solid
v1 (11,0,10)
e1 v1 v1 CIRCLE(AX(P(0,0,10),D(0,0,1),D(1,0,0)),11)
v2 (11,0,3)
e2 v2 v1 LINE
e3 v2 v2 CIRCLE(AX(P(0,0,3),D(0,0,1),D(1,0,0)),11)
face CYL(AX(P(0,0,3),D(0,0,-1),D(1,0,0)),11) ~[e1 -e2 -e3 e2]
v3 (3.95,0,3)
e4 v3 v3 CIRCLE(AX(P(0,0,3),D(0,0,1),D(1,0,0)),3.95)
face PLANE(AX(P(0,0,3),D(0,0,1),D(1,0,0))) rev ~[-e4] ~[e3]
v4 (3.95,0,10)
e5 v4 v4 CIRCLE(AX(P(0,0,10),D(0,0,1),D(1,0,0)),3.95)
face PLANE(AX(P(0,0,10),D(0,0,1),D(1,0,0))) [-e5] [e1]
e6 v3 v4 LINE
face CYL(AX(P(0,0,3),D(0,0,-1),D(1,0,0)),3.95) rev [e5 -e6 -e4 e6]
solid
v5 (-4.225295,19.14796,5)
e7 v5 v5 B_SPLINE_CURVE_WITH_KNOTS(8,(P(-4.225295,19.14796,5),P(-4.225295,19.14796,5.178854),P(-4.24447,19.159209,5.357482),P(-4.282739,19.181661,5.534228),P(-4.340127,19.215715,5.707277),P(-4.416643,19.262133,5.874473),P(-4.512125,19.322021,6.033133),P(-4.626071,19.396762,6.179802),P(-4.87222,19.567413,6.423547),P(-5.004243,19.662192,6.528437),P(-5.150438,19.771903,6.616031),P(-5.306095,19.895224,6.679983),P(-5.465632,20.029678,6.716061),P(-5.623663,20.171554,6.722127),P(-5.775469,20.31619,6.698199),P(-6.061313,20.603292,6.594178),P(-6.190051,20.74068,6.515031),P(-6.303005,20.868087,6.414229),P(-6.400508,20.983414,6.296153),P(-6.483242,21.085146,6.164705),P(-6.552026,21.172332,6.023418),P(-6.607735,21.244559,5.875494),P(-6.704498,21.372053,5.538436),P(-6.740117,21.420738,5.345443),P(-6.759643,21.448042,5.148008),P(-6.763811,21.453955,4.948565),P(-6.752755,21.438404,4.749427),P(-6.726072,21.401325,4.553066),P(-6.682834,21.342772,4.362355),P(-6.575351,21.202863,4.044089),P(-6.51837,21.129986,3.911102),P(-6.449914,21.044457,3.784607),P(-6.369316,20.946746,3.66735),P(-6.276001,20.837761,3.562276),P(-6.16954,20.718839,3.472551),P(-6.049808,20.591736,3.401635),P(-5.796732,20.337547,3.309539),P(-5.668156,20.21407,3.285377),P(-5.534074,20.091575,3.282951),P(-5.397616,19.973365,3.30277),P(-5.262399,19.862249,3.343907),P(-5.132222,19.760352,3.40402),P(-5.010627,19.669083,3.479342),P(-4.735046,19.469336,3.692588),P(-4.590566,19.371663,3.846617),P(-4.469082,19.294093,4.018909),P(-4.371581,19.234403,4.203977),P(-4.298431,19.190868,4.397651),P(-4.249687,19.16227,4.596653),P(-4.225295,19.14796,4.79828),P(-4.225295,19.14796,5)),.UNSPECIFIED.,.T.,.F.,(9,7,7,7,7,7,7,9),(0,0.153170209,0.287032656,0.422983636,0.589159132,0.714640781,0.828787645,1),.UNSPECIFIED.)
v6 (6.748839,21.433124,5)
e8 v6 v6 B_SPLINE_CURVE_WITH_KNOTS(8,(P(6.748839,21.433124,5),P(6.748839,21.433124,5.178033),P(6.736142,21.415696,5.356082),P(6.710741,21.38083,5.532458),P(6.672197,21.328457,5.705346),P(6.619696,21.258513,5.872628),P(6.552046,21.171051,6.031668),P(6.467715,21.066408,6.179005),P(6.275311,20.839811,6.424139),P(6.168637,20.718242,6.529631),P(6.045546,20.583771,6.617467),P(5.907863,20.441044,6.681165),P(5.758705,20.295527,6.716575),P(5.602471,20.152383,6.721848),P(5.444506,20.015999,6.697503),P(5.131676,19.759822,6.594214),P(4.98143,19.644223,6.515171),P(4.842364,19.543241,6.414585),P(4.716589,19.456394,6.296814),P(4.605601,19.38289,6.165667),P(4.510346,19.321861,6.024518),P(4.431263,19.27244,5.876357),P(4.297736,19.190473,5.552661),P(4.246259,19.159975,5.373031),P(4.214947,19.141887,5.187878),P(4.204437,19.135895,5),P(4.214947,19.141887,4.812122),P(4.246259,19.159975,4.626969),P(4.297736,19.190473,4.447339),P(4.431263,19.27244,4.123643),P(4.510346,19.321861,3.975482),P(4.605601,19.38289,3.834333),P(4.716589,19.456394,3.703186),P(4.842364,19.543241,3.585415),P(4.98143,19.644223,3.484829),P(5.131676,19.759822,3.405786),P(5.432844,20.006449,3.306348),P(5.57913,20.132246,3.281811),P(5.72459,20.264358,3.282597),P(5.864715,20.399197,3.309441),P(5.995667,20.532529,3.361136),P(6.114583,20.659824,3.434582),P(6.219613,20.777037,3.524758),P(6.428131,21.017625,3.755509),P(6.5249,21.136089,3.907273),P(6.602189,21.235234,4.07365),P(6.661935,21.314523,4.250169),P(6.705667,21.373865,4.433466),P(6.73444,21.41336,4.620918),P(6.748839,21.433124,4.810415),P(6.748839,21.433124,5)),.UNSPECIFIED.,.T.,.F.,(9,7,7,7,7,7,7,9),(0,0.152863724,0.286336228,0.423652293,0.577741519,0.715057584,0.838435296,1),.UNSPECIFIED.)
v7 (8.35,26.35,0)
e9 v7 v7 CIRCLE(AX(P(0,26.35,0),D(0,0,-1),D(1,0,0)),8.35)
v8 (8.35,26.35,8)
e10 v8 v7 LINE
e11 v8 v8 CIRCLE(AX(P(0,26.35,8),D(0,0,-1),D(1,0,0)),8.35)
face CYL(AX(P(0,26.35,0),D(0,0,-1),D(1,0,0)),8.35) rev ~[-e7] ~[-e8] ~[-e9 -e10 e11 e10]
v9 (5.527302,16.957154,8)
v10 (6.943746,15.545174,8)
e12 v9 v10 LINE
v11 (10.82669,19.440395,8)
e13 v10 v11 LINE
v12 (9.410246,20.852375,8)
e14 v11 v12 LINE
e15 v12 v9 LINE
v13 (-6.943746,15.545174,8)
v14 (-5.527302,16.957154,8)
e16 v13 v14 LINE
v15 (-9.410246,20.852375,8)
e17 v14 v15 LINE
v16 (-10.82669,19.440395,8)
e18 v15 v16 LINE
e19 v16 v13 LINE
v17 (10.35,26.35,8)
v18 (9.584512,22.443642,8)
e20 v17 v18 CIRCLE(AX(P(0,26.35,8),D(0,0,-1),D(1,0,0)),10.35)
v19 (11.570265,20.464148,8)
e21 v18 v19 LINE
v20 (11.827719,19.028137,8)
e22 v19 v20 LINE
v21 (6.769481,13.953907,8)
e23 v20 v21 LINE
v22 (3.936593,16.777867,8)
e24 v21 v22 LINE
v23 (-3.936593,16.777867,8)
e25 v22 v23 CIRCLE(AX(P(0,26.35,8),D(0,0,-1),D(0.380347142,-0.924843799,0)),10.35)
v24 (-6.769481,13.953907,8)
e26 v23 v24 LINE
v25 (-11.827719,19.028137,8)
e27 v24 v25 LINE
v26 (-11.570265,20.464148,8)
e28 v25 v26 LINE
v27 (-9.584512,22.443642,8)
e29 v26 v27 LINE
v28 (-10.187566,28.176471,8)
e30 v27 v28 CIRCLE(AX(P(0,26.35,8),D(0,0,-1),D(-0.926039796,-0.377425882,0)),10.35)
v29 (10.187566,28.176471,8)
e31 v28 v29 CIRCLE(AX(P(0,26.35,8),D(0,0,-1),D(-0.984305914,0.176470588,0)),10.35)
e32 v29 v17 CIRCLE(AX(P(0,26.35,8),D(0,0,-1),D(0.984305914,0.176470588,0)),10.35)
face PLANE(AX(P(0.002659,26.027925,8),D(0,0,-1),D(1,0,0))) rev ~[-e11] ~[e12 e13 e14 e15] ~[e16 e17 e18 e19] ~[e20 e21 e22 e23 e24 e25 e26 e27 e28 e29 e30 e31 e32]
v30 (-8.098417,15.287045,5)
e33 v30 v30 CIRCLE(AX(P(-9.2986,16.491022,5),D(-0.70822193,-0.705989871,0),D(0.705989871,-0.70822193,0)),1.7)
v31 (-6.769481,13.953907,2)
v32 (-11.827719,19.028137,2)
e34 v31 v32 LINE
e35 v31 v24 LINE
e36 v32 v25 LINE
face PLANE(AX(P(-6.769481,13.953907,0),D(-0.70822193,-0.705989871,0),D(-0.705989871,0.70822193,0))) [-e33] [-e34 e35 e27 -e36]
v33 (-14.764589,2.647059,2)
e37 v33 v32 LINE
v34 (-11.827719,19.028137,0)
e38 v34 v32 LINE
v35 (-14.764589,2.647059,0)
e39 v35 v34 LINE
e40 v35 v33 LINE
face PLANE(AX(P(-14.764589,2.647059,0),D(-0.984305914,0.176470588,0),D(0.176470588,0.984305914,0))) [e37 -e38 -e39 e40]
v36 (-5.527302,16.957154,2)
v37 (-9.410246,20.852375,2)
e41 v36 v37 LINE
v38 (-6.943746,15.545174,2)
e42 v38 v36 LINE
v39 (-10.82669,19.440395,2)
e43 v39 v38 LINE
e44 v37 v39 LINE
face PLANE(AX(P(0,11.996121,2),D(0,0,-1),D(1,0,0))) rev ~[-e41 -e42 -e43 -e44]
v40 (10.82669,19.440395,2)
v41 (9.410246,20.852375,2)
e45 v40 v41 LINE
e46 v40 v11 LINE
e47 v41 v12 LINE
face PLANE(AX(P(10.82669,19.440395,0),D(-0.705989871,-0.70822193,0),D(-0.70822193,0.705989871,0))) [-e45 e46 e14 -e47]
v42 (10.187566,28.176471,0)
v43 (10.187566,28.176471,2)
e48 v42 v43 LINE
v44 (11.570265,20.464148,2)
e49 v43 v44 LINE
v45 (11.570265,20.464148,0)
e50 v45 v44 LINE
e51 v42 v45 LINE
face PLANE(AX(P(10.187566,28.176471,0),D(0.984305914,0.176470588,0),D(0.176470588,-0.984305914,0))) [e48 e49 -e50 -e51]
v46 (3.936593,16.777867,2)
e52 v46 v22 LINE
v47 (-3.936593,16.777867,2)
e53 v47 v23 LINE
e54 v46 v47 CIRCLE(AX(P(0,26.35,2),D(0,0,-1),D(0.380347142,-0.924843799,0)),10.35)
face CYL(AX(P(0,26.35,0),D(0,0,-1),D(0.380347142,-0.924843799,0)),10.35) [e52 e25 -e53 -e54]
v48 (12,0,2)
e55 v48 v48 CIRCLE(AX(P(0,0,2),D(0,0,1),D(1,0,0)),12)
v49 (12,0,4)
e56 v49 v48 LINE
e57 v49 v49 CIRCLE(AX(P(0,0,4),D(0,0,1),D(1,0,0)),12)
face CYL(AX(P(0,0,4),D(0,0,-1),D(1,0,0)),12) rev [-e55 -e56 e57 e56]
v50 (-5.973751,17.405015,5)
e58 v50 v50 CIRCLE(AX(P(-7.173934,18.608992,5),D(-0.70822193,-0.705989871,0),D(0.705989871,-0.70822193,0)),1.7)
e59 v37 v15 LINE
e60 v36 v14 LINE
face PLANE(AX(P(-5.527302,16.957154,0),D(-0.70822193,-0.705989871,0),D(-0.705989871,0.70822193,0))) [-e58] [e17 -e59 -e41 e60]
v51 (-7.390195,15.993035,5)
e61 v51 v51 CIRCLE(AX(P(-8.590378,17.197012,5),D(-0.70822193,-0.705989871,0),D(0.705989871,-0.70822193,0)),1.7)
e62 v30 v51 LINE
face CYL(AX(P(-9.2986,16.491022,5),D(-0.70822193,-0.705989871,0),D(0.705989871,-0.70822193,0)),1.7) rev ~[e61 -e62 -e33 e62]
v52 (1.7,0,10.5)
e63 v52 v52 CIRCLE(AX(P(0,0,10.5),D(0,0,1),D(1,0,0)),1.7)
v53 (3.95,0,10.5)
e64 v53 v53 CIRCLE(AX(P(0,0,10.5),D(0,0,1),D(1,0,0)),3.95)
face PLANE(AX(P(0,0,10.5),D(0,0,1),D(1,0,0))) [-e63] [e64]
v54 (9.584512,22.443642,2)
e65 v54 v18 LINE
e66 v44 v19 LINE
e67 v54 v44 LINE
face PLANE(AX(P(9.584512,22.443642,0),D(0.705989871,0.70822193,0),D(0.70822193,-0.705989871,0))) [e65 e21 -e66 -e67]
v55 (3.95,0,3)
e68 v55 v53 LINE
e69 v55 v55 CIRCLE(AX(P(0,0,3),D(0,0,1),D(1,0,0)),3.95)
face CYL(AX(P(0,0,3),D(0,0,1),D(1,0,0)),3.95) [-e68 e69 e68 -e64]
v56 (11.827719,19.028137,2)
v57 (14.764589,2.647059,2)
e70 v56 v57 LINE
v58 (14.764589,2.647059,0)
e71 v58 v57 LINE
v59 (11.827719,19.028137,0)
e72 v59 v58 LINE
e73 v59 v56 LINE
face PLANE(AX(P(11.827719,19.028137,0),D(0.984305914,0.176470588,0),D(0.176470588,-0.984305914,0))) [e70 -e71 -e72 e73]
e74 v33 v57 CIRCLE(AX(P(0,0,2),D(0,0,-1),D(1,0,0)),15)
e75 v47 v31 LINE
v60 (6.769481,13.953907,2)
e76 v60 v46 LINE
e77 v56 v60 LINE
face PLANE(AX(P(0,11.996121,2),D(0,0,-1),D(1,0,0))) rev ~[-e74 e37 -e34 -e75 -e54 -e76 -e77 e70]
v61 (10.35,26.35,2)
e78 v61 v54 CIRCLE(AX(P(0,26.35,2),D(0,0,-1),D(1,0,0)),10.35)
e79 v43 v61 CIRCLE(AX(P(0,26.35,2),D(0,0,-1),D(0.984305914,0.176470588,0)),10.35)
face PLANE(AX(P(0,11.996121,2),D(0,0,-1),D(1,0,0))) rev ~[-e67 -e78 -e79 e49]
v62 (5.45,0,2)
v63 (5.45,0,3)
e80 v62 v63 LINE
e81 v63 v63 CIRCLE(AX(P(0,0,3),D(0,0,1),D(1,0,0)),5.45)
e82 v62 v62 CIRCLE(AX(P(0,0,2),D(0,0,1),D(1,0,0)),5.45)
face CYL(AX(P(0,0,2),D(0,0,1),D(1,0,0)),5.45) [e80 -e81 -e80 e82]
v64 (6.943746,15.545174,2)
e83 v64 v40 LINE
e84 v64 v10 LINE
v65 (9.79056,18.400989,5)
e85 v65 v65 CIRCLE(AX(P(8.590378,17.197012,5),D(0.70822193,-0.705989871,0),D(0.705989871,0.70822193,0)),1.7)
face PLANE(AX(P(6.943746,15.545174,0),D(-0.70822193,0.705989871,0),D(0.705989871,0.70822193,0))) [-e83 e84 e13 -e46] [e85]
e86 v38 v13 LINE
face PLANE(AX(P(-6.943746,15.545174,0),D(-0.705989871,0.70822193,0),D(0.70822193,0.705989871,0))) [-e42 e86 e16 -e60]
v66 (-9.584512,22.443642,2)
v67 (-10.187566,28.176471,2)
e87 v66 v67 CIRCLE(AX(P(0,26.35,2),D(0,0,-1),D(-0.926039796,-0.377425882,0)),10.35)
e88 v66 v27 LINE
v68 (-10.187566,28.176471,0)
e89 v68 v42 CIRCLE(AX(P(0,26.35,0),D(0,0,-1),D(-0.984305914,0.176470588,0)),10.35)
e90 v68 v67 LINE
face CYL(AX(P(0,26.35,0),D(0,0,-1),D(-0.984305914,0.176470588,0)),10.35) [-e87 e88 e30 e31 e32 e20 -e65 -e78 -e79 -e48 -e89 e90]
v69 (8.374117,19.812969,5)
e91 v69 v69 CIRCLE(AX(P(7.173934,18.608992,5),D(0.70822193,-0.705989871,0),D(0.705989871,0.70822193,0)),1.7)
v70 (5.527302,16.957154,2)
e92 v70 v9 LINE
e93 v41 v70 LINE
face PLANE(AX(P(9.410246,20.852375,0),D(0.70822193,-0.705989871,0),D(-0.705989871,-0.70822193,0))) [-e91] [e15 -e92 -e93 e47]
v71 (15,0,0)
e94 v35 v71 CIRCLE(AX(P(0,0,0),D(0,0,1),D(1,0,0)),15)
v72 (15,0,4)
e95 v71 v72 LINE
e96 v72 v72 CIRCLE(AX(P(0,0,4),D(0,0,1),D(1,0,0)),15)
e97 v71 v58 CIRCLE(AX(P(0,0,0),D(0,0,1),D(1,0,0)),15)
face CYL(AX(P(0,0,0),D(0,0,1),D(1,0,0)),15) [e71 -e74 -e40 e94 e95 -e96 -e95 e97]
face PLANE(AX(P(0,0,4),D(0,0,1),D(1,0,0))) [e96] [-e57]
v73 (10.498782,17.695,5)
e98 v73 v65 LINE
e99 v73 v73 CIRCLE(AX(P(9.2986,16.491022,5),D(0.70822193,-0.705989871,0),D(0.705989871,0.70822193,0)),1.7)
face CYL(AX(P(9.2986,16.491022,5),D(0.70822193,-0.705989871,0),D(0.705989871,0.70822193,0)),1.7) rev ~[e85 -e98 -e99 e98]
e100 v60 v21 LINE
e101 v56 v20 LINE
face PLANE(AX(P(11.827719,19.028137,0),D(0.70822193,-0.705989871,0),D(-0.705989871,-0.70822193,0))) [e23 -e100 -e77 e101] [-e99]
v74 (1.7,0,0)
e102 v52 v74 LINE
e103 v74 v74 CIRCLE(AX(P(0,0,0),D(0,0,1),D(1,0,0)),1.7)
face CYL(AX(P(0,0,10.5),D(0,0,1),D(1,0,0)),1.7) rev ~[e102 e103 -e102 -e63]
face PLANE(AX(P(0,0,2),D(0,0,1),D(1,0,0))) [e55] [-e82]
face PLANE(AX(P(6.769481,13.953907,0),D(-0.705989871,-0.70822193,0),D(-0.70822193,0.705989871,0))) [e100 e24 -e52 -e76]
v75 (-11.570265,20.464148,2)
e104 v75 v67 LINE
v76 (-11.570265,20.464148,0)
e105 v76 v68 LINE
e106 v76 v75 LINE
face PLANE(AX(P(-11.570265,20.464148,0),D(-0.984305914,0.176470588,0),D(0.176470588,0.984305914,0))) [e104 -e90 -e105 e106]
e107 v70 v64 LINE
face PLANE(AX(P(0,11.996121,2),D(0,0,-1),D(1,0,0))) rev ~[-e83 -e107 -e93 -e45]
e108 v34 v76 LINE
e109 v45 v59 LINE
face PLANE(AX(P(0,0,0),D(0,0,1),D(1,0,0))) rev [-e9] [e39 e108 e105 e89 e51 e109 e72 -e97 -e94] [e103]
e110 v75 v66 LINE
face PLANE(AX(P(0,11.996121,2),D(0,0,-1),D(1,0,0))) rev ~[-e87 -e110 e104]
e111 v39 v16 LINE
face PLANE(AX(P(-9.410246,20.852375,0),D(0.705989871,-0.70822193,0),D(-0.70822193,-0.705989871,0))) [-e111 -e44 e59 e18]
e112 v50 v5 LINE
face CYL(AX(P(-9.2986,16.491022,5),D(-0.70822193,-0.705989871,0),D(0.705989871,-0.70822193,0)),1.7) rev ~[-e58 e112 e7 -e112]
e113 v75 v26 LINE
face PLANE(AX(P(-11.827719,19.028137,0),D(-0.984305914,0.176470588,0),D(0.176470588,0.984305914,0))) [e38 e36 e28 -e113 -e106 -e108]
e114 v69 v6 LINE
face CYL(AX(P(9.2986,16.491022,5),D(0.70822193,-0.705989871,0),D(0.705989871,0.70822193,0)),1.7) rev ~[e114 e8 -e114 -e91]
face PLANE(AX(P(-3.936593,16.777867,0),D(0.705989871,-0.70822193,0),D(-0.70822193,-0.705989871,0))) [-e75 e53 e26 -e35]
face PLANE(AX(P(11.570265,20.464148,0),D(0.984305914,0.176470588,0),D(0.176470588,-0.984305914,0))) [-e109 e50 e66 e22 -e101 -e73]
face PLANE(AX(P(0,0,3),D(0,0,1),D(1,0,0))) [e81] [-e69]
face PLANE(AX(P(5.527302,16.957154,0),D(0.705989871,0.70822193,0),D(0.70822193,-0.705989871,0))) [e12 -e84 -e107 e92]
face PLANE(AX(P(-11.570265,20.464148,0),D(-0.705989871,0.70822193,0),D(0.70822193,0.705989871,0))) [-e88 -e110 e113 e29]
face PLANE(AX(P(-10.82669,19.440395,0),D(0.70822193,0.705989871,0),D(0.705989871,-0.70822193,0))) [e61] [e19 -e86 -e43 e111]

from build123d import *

# Parameters (mm, degrees)
F3_R         = 1.7
F4_DEPTH     = 10.5
F5_R         = 8.35
F5_R_2       = 1.7
F2_FACE1_R   = 15
F2_FACE1_R_2 = 1.7
F6_DEPTH     = 2
F7_DEPTH     = 8
F8_R         = 1.7
F9_DEPTH     = 6.4687966713
F10_R        = 1.7
F11_DEPTH    = 6.4687966703
F12_R        = 11
F12_R_2      = 3.95
F13_DEPTH    = 7


with BuildPart() as f2:
    # F1 (on Front) → F2 (revolve)
    with BuildSketch(Plane.XZ):
        Polygon((0, 10.5), (0, 0), (15, 0), (15, 4), (12, 4), (12, 2), (11, 2), (5.45, 2), (5.45, 3), (3.95, 3), (3.95, 10.5), align=None)
    revolve(axis=Axis((0, 0, 5.25), (0, 0, 1)))

    # F3 (on face) → F4 (cut, through all)
    with BuildSketch(Plane.XY.offset(10.5)):
        Circle(F3_R)
    extrude(amount=-F4_DEPTH, mode=Mode.SUBTRACT)

    # F5 (on face) + F2_face1 (on face) → F6 (join, through all)
    with BuildSketch(Plane(origin=(0, 0, 0), x_dir=(1, 0, 0), z_dir=(0, 0, -1))):
        with BuildLine():
            ThreePointArc((14.7645887035, -2.6470588235), (0, -15), (-14.7645887035, -2.6470588235))
            Line((-14.7645887035, -2.6470588235), (-11.8277186488, -19.0281373429))
            Line((-11.8277186488, -19.0281373429), (-6.769480635, -13.9539071991))
            Line((-6.769480635, -13.9539071991), (-3.9365929167, -16.7778666846))
            ThreePointArc((-3.9365929167, -16.7778666846), (0, -16), (3.9365929167, -16.7778666846))
            Line((3.9365929167, -16.7778666846), (6.769480635, -13.9539071991))
            Line((6.769480635, -13.9539071991), (11.8277186488, -19.0281373429))
            Line((11.8277186488, -19.0281373429), (14.7645887035, -2.6470588235))
        make_face()
        with BuildLine():
            Line((11.5702645211, -20.4641478586), (11.8277186488, -19.0281373429))
            Line((11.8277186488, -19.0281373429), (6.769480635, -13.9539071991))
            Line((6.769480635, -13.9539071991), (3.9365929167, -16.7778666846))
            ThreePointArc((3.9365929167, -16.7778666846), (7.3300969712, -19.0430048314), (9.5845118876, -22.4436421212))
            Line((9.5845118876, -22.4436421212), (11.5702645211, -20.4641478586))
        make_face()
        Polygon((9.4102464779, -20.8523748379), (5.5273021855, -16.9571542252), (6.9437460446, -15.5451744825), (10.8266903371, -19.4403950952), align=None, mode=Mode.SUBTRACT)
        with BuildLine():
            Line((10.1875662054, -28.1764705882), (11.5702645211, -20.4641478586))
            Line((11.5702645211, -20.4641478586), (9.5845118876, -22.4436421212))
            ThreePointArc((9.5845118876, -22.4436421212), (10.1568252431, -24.359673147), (10.35, -26.35))
            ThreePointArc((10.35, -26.35), (10.3093115732, -27.2668396189), (10.1875662054, -28.1764705882))
        make_face()
        with BuildLine():
            ThreePointArc((-9.5845118876, -22.4436421212), (-10.2932064289, -25.2672251329), (-10.1875662054, -28.1764705882))
            ThreePointArc((-10.1875662054, -28.1764705882), (0, -36.7), (10.1875662054, -28.1764705882))
            ThreePointArc((10.1875662054, -28.1764705882), (10.3093115732, -27.2668396189), (10.35, -26.35))
            ThreePointArc((10.35, -26.35), (10.1568252431, -24.359673147), (9.5845118876, -22.4436421212))
            ThreePointArc((9.5845118876, -22.4436421212), (7.3300969712, -19.0430048314), (3.9365929167, -16.7778666846))
            ThreePointArc((3.9365929167, -16.7778666846), (0, -16), (-3.9365929167, -16.7778666846))
            ThreePointArc((-3.9365929167, -16.7778666846), (-7.3300969712, -19.0430048314), (-9.5845118876, -22.4436421212))
        make_face()
        with Locations((0, -26.35)):
            Circle(F5_R, mode=Mode.SUBTRACT)
        with BuildLine():
            Line((-6.769480635, -13.9539071991), (-11.8277186488, -19.0281373429))
            Line((-11.8277186488, -19.0281373429), (-11.5702645211, -20.4641478586))
            Line((-11.5702645211, -20.4641478586), (-9.5845118876, -22.4436421212))
            ThreePointArc((-9.5845118876, -22.4436421212), (-7.3300969712, -19.0430048314), (-3.9365929167, -16.7778666846))
            Line((-3.9365929167, -16.7778666846), (-6.769480635, -13.9539071991))
        make_face()
        Polygon((-5.5273021855, -16.9571542252), (-9.4102464779, -20.8523748379), (-10.8266903371, -19.4403950952), (-6.9437460446, -15.5451744825), align=None, mode=Mode.SUBTRACT)
        Polygon((-10.8266903371, -19.4403950952), (-9.4102464779, -20.8523748379), (-5.5273021855, -16.9571542252), (-6.9437460446, -15.5451744825), align=None)
        with BuildLine():
            Line((-9.5845118876, -22.4436421212), (-11.5702645211, -20.4641478586))
            Line((-11.5702645211, -20.4641478586), (-10.1875662054, -28.1764705882))
            ThreePointArc((-10.1875662054, -28.1764705882), (-10.2932064289, -25.2672251329), (-9.5845118876, -22.4436421212))
        make_face()
        with BuildLine():
            ThreePointArc((14.7645887035, -2.6470588235), (14.9410312655, -1.3287530709), (15, 0))
            ThreePointArc((15, 0), (-1.3287530709, 14.9410312655), (-14.7645887035, -2.6470588235))
            ThreePointArc((-14.7645887035, -2.6470588235), (0, -15), (14.7645887035, -2.6470588235))
        make_face()
        Circle(F5_R_2, mode=Mode.SUBTRACT)
        Polygon((6.9437460446, -15.5451744825), (5.5273021855, -16.9571542252), (9.4102464779, -20.8523748379), (10.8266903371, -19.4403950952), align=None)
    with BuildSketch(Plane(origin=(0, 0, 0), x_dir=(1, 0, 0), z_dir=(0, 0, -1))):
        Circle(F2_FACE1_R)
        Circle(F2_FACE1_R_2, mode=Mode.SUBTRACT)
    extrude(amount=-F6_DEPTH)

    # F5 (on face) → F7 (join)
    with BuildSketch(Plane(origin=(0, 0, 0), x_dir=(1, 0, 0), z_dir=(0, 0, -1))):
        with BuildLine():
            ThreePointArc((-9.5845118876, -22.4436421212), (-10.2932064289, -25.2672251329), (-10.1875662054, -28.1764705882))
            ThreePointArc((-10.1875662054, -28.1764705882), (0, -36.7), (10.1875662054, -28.1764705882))
            ThreePointArc((10.1875662054, -28.1764705882), (10.3093115732, -27.2668396189), (10.35, -26.35))
            ThreePointArc((10.35, -26.35), (10.1568252431, -24.359673147), (9.5845118876, -22.4436421212))
            ThreePointArc((9.5845118876, -22.4436421212), (7.3300969712, -19.0430048314), (3.9365929167, -16.7778666846))
            ThreePointArc((3.9365929167, -16.7778666846), (0, -16), (-3.9365929167, -16.7778666846))
            ThreePointArc((-3.9365929167, -16.7778666846), (-7.3300969712, -19.0430048314), (-9.5845118876, -22.4436421212))
        make_face()
        with Locations((0, -26.35)):
            Circle(F5_R, mode=Mode.SUBTRACT)
        with BuildLine():
            Line((-6.769480635, -13.9539071991), (-11.8277186488, -19.0281373429))
            Line((-11.8277186488, -19.0281373429), (-11.5702645211, -20.4641478586))
            Line((-11.5702645211, -20.4641478586), (-9.5845118876, -22.4436421212))
            ThreePointArc((-9.5845118876, -22.4436421212), (-7.3300969712, -19.0430048314), (-3.9365929167, -16.7778666846))
            Line((-3.9365929167, -16.7778666846), (-6.769480635, -13.9539071991))
        make_face()
        Polygon((-5.5273021855, -16.9571542252), (-9.4102464779, -20.8523748379), (-10.8266903371, -19.4403950952), (-6.9437460446, -15.5451744825), align=None, mode=Mode.SUBTRACT)
        with BuildLine():
            Line((11.5702645211, -20.4641478586), (11.8277186488, -19.0281373429))
            Line((11.8277186488, -19.0281373429), (6.769480635, -13.9539071991))
            Line((6.769480635, -13.9539071991), (3.9365929167, -16.7778666846))
            ThreePointArc((3.9365929167, -16.7778666846), (7.3300969712, -19.0430048314), (9.5845118876, -22.4436421212))
            Line((9.5845118876, -22.4436421212), (11.5702645211, -20.4641478586))
        make_face()
        Polygon((9.4102464779, -20.8523748379), (5.5273021855, -16.9571542252), (6.9437460446, -15.5451744825), (10.8266903371, -19.4403950952), align=None, mode=Mode.SUBTRACT)
    extrude(amount=-F7_DEPTH)

    # F8 (on face) → F9 (cut, up to face)
    with BuildSketch(Plane(origin=(3.5814942406, 3.5702066719, 0), x_dir=(0.7059898714, -0.7082219296, 0), z_dir=(-0.7082219296, -0.7059898714, 0))):
        with Locations((-18.2440207785, 5)):
            Circle(F8_R)
    extrude(amount=-F9_DEPTH, mode=Mode.SUBTRACT)

    # F10 (on face) → F11 (cut, up to face)
    with BuildSketch(Plane(origin=(-3.5814942406, 3.5702066719, 0), x_dir=(0.7059898714, 0.7082219296, 0), z_dir=(0.7082219296, -0.7059898714, 0))):
        with Locations((18.2440207785, 5)):
            Circle(F10_R)
    extrude(amount=-F11_DEPTH, mode=Mode.SUBTRACT)


with BuildPart() as f13:
    # F12 (on face) → F13 (new body)
    with BuildSketch(Plane.XY.offset(3)):
        Circle(F12_R)
        Circle(F12_R_2, mode=Mode.SUBTRACT)
    extrude(amount=F13_DEPTH)


solid = Compound([f2.part, f13.part])
